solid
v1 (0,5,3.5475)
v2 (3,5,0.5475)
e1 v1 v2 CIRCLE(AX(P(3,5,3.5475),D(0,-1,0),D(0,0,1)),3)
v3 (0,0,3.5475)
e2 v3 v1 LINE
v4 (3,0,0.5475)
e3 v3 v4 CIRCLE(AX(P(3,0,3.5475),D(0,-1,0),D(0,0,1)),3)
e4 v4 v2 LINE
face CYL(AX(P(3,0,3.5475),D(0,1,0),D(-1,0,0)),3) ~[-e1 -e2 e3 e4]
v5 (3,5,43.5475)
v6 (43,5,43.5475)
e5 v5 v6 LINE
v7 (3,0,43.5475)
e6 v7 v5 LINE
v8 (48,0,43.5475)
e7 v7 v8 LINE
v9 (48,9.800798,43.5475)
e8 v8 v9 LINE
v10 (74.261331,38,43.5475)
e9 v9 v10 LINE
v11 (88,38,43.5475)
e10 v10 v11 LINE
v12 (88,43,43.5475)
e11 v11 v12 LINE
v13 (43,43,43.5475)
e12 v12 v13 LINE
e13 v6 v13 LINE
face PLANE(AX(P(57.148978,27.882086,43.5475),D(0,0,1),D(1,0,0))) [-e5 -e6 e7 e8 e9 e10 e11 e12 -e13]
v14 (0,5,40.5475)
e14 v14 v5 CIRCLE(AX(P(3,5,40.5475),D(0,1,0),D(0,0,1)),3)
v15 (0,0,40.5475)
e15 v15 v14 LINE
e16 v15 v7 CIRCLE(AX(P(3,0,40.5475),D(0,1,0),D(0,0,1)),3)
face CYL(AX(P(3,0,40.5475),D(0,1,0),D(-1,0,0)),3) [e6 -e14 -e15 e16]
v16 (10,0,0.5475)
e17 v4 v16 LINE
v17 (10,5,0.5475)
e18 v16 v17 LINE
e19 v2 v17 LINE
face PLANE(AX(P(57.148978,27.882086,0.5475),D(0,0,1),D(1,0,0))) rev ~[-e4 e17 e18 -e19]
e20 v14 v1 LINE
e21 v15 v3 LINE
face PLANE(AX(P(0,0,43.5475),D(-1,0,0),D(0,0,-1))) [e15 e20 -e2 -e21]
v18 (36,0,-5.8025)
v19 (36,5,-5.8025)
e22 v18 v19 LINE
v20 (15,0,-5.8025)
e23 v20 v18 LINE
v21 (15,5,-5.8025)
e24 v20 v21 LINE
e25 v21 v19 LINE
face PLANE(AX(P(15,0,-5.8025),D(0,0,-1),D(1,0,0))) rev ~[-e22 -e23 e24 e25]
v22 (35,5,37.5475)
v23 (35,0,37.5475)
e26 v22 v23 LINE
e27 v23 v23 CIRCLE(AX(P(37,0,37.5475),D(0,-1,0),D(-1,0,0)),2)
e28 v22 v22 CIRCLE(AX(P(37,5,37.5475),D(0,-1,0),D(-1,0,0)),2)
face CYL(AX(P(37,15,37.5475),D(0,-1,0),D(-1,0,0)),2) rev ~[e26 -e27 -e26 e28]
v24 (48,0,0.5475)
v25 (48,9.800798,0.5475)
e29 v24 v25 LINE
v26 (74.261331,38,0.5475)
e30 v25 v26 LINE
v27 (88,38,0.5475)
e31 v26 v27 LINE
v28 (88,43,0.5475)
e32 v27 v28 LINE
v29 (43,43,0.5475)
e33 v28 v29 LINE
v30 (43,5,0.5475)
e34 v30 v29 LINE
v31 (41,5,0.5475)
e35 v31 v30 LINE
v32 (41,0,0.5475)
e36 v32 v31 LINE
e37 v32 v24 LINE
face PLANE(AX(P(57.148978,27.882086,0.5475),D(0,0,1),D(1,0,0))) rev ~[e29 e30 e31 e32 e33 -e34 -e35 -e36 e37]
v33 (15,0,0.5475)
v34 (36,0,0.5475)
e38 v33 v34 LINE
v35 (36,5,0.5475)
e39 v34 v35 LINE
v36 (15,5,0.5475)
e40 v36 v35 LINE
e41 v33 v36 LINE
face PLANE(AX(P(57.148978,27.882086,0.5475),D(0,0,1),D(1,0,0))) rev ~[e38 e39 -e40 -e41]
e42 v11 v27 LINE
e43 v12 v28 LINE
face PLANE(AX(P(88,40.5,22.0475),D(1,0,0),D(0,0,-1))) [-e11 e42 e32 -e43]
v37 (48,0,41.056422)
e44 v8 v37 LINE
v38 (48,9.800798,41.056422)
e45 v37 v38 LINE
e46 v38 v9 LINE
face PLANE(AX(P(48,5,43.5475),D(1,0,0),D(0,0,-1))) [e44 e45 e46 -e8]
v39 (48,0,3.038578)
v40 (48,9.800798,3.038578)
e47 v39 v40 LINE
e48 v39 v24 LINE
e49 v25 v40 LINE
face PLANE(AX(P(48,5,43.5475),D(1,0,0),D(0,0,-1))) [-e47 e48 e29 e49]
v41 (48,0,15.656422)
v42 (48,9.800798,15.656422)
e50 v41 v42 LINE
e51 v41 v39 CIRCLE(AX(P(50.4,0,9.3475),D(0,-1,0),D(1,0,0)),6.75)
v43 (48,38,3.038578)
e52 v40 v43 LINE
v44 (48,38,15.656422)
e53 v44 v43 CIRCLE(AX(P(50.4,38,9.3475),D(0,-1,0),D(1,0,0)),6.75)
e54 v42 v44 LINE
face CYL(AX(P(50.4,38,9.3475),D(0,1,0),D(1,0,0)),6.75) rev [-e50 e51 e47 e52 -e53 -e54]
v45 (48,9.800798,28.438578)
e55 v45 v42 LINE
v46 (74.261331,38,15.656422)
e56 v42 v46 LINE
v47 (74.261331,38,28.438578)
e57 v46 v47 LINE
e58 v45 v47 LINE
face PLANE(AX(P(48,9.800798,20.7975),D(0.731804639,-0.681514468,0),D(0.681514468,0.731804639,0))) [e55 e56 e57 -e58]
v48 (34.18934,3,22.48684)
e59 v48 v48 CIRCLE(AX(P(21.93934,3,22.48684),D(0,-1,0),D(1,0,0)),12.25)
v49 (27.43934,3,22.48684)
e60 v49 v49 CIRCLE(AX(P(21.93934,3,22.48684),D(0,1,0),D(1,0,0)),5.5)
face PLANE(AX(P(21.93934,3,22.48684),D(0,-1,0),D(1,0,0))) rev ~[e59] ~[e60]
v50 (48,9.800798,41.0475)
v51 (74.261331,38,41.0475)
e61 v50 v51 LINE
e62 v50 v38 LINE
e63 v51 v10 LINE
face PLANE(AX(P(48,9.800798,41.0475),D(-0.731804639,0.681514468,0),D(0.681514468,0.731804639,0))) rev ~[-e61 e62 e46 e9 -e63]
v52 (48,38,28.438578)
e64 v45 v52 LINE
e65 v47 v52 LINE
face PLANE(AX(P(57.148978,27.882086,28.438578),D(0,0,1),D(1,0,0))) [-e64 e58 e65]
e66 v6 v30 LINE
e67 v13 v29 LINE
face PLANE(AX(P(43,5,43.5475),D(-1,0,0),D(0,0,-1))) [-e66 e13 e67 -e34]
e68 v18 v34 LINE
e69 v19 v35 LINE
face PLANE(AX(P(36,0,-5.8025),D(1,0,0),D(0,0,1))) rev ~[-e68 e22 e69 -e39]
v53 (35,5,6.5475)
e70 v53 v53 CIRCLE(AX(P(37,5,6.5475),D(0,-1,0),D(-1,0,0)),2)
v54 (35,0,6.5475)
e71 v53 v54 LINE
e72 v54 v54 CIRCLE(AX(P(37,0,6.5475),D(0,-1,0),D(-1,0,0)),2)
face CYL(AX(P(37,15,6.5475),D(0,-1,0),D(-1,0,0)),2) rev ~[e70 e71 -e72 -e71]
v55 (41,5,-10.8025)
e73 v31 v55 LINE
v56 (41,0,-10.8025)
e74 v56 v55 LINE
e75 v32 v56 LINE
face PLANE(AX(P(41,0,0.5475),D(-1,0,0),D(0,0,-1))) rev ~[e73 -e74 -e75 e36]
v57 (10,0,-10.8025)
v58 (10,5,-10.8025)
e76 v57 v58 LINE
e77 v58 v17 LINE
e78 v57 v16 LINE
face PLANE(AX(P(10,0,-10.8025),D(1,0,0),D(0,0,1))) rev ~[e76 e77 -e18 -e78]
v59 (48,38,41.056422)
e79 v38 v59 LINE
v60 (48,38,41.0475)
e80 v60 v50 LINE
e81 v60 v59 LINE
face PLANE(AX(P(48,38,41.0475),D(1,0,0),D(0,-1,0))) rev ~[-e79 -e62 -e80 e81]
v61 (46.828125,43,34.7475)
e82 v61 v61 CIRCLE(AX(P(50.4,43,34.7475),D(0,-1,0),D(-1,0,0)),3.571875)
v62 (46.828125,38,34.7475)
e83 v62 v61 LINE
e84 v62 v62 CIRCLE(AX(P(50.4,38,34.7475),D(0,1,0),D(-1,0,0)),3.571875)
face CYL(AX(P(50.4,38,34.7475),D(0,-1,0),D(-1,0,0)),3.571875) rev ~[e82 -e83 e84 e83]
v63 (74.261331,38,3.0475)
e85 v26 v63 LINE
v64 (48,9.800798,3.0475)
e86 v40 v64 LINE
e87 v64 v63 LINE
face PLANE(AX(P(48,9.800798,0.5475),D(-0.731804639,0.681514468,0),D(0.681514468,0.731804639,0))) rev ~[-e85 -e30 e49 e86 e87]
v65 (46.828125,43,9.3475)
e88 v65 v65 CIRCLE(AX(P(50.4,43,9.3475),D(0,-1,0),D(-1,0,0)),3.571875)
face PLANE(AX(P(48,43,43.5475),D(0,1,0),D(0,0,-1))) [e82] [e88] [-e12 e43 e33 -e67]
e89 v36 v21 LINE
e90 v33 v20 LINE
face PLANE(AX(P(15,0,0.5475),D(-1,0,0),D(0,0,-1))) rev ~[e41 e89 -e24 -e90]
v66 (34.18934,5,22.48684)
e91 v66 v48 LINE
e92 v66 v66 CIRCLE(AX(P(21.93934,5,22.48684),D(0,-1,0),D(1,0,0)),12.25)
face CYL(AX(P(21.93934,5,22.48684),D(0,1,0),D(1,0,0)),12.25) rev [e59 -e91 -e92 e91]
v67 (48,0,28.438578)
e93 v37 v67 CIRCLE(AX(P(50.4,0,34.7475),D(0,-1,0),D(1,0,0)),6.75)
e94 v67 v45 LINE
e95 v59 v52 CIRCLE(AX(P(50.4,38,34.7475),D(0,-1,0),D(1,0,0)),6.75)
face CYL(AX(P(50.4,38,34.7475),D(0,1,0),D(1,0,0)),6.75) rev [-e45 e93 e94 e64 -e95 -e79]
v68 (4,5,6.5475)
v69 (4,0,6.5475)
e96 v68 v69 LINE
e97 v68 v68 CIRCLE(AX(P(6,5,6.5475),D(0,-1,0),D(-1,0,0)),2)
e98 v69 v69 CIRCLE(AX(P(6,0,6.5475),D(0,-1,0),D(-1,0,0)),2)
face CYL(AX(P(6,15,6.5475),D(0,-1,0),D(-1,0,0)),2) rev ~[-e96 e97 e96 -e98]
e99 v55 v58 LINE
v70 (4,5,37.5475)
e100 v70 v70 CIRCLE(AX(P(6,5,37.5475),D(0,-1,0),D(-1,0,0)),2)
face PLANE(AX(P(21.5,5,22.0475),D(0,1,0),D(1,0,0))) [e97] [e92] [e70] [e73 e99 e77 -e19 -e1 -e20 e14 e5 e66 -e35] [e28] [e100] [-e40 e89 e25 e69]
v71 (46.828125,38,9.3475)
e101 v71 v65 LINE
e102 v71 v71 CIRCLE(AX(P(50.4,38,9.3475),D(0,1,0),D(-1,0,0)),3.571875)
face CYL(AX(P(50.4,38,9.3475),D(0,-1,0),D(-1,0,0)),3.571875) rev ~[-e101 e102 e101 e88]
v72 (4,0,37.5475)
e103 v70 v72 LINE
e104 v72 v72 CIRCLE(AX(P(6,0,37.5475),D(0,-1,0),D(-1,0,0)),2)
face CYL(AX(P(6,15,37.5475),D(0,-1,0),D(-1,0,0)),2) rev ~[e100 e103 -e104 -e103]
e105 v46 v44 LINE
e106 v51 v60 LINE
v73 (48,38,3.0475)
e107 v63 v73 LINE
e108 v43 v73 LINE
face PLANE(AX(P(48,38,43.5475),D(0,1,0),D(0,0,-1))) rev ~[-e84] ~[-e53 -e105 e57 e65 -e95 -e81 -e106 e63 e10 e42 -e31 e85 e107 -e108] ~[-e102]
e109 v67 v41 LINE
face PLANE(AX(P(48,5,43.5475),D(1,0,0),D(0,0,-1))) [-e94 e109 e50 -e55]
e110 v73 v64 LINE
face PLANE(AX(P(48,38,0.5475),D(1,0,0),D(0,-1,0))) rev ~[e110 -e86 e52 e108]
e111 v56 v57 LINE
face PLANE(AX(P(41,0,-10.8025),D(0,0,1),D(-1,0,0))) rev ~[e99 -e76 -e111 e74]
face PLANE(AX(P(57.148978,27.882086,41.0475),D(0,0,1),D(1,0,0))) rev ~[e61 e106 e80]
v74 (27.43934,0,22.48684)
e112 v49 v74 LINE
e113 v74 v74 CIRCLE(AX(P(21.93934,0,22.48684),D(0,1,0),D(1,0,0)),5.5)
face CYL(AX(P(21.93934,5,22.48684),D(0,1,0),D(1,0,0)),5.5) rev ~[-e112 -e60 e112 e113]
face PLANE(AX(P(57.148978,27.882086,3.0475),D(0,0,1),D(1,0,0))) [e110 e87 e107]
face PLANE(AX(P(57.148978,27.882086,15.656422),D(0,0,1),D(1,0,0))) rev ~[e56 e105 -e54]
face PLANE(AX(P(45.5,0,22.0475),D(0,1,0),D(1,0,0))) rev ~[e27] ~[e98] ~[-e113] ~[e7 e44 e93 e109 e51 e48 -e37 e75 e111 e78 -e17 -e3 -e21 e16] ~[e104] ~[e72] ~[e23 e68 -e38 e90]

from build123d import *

# Parameters (mm, degrees)
SKETCH1_W                 = 43
SKETCH1_H                 = 43
BOSS_EXTRUDE1_DEPTH       = 5
FILLET1_R                 = 3
F_4_0MM_DOWEL_HOLE1_D     = 4
F_4_0MM_DOWEL_HOLE1_DEPTH = 10
F_4_0MM_DOWEL_HOLE1_TIP   = 1.201721238
SKETCH5_R                 = 5.5
CUT_EXTRUDE1_DEPTH        = 5
SKETCH6_W                 = 5
SKETCH6_H                 = 43
BOSS_EXTRUDE2_DEPTH       = 38
BOSS_EXTRUDE2_DEPTH_BACK  = 5
CUT_EXTRUDE4_START        = -5
SKETCH11_R                = 12.25
CUT_EXTRUDE4_DEPTH        = 2
SKETCH12_W                = 43
SKETCH12_H                = 5
BOSS_EXTRUDE3_DEPTH       = 40
SKETCH13_R                = 3.571875
CUT_EXTRUDE5_DEPTH        = 10
SKETCH15_R                = 6.75
CUT_EXTRUDE6_DEPTH        = 38
BOSS_EXTRUDE4_DEPTH       = 2.5
LPATTERN1_COUNT           = 3
LPATTERN1_PITCH           = 20.25
BOSS_EXTRUDE5_DEPTH       = 5.141078
BOSS_EXTRUDE5_DEPTH_BACK  = 7.641078
BOSS_EXTRUDE6_DEPTH       = 5


with BuildPart() as part:
    # Sketch1 → Boss-Extrude1 (new body)
    with BuildSketch(Plane(origin=(0, 0, 0), x_dir=(1, 0, 0), z_dir=(0, 1, 0))):
        with Locations((21.5, -22.047500095)):
            Rectangle(SKETCH1_W, SKETCH1_H)
    extrude(amount=BOSS_EXTRUDE1_DEPTH)

    # Fillet1
    fillet1_edges = [part.edges().sort_by_distance(p)[0] for p in [
        (0, 2.5, 0.547500095),
        (0, 2.5, 43.547500095),
    ]]
    fillet(fillet1_edges, radius=FILLET1_R)

    # Ø4.0mm Dowel Hole1
    with Locations(Plane(origin=(0, 5, 0), x_dir=(1, 0, 0), z_dir=(0, 1, 0))):
        with Locations((6, -6.547500095), (37, -6.547500095), (37, -37.547500095), (6, -37.547500095)):
            Hole(F_4_0MM_DOWEL_HOLE1_D / 2, depth=F_4_0MM_DOWEL_HOLE1_DEPTH)
            with Locations((0, 0, -(F_4_0MM_DOWEL_HOLE1_DEPTH + F_4_0MM_DOWEL_HOLE1_TIP / 2))):  # 118° drill point
                Cone(0, F_4_0MM_DOWEL_HOLE1_D / 2, F_4_0MM_DOWEL_HOLE1_TIP, mode=Mode.SUBTRACT)

    # Sketch5 → Cut-Extrude1 (cut)
    with BuildSketch(Plane(origin=(0, 5, 0), x_dir=(1, 0, 0), z_dir=(0, 1, 0))):
        with Locations((21.939339828, -22.486839923)):
            Circle(SKETCH5_R)
    extrude(amount=-CUT_EXTRUDE1_DEPTH, mode=Mode.SUBTRACT)

    # Sketch6 → Boss-Extrude2 (add, two sides)
    with BuildSketch(Plane(origin=(0, 5, 0), x_dir=(1, 0, 0), z_dir=(0, 1, 0))) as boss_extrude2_sk:
        with Locations((45.5, -22.047500095)):
            Rectangle(SKETCH6_W, SKETCH6_H)
    extrude(amount=BOSS_EXTRUDE2_DEPTH)
    extrude(boss_extrude2_sk.sketch, amount=-BOSS_EXTRUDE2_DEPTH_BACK)

    # Sketch11 → Cut-Extrude4 (cut)
    with BuildSketch(Plane.XZ.offset(CUT_EXTRUDE4_START)):
        with Locations((21.939339828, 22.486839923)):
            Circle(SKETCH11_R)
    extrude(amount=CUT_EXTRUDE4_DEPTH, mode=Mode.SUBTRACT)

    # Sketch12 → Boss-Extrude3 (add)
    with BuildSketch(Plane(origin=(48, 0, 0), x_dir=(0, 0, -1), z_dir=(1, 0, 0))):
        with Locations((-22.047500095, 40.5)):
            Rectangle(SKETCH12_W, SKETCH12_H)
    extrude(amount=BOSS_EXTRUDE3_DEPTH)

    # Sketch13 → Cut-Extrude5 (cut)
    with BuildSketch(Plane(origin=(0, 38, 0), x_dir=(-1, 0, 0), z_dir=(0, -1, 0))):
        with Locations((-50.4, -9.347500095)):
            Circle(SKETCH13_R)
        with Locations((-50.4, -34.747500095)):
            Circle(SKETCH13_R)
    extrude(amount=-CUT_EXTRUDE5_DEPTH, mode=Mode.SUBTRACT)

    # Sketch15 → Cut-Extrude6 (cut)
    with BuildSketch(Plane.XZ.offset(-38)):
        with Locations((50.4, 9.347500095)):
            Circle(SKETCH15_R)
        with Locations((50.4, 34.747500095)):
            Circle(SKETCH15_R)
    extrude(amount=CUT_EXTRUDE6_DEPTH, mode=Mode.SUBTRACT)

    # Sketch16 → Boss-Extrude4 (add)
    with BuildSketch(Plane(origin=(0, 0, 0.547500095), x_dir=(-1, 0, 0), z_dir=(0, 0, -1))):
        Polygon((-48, 9.800798491), (-74.261330934, 38), (-48, 38), align=None)
    boss_extrude4 = extrude(amount=-BOSS_EXTRUDE4_DEPTH)

    # LPattern1: Boss-Extrude4 ×3
    with Locations(*[(0, 0, i * LPATTERN1_PITCH) for i in range(1, LPATTERN1_COUNT)]):
        add(boss_extrude4)

    # Sketch18 → Boss-Extrude5 (add, two sides)
    with BuildSketch(Plane(origin=(0, 0, 20.797500095), x_dir=(-1, 0, 0), z_dir=(0, 0, -1))) as boss_extrude5_sk:
        Polygon((-48, 38), (-48, 9.800798491), (-74.261330934, 38), align=None)
    extrude(amount=BOSS_EXTRUDE5_DEPTH)
    extrude(boss_extrude5_sk.sketch, amount=-BOSS_EXTRUDE5_DEPTH_BACK)

    # Sketch19 → Boss-Extrude6 (add)
    with BuildSketch(Plane(origin=(0, 0, 0), x_dir=(-1, 0, 0), z_dir=(0, -1, 0))):
        Polygon((-15, 5.802499905), (-36, 5.802499905), (-36, -0.547500095), (-41, -0.547500095), (-41, 10.802499905), (-10, 10.802499905), (-10, -0.547500095), (-15, -0.547500095), align=None)
    extrude(amount=-BOSS_EXTRUDE6_DEPTH)


solid = part.part
